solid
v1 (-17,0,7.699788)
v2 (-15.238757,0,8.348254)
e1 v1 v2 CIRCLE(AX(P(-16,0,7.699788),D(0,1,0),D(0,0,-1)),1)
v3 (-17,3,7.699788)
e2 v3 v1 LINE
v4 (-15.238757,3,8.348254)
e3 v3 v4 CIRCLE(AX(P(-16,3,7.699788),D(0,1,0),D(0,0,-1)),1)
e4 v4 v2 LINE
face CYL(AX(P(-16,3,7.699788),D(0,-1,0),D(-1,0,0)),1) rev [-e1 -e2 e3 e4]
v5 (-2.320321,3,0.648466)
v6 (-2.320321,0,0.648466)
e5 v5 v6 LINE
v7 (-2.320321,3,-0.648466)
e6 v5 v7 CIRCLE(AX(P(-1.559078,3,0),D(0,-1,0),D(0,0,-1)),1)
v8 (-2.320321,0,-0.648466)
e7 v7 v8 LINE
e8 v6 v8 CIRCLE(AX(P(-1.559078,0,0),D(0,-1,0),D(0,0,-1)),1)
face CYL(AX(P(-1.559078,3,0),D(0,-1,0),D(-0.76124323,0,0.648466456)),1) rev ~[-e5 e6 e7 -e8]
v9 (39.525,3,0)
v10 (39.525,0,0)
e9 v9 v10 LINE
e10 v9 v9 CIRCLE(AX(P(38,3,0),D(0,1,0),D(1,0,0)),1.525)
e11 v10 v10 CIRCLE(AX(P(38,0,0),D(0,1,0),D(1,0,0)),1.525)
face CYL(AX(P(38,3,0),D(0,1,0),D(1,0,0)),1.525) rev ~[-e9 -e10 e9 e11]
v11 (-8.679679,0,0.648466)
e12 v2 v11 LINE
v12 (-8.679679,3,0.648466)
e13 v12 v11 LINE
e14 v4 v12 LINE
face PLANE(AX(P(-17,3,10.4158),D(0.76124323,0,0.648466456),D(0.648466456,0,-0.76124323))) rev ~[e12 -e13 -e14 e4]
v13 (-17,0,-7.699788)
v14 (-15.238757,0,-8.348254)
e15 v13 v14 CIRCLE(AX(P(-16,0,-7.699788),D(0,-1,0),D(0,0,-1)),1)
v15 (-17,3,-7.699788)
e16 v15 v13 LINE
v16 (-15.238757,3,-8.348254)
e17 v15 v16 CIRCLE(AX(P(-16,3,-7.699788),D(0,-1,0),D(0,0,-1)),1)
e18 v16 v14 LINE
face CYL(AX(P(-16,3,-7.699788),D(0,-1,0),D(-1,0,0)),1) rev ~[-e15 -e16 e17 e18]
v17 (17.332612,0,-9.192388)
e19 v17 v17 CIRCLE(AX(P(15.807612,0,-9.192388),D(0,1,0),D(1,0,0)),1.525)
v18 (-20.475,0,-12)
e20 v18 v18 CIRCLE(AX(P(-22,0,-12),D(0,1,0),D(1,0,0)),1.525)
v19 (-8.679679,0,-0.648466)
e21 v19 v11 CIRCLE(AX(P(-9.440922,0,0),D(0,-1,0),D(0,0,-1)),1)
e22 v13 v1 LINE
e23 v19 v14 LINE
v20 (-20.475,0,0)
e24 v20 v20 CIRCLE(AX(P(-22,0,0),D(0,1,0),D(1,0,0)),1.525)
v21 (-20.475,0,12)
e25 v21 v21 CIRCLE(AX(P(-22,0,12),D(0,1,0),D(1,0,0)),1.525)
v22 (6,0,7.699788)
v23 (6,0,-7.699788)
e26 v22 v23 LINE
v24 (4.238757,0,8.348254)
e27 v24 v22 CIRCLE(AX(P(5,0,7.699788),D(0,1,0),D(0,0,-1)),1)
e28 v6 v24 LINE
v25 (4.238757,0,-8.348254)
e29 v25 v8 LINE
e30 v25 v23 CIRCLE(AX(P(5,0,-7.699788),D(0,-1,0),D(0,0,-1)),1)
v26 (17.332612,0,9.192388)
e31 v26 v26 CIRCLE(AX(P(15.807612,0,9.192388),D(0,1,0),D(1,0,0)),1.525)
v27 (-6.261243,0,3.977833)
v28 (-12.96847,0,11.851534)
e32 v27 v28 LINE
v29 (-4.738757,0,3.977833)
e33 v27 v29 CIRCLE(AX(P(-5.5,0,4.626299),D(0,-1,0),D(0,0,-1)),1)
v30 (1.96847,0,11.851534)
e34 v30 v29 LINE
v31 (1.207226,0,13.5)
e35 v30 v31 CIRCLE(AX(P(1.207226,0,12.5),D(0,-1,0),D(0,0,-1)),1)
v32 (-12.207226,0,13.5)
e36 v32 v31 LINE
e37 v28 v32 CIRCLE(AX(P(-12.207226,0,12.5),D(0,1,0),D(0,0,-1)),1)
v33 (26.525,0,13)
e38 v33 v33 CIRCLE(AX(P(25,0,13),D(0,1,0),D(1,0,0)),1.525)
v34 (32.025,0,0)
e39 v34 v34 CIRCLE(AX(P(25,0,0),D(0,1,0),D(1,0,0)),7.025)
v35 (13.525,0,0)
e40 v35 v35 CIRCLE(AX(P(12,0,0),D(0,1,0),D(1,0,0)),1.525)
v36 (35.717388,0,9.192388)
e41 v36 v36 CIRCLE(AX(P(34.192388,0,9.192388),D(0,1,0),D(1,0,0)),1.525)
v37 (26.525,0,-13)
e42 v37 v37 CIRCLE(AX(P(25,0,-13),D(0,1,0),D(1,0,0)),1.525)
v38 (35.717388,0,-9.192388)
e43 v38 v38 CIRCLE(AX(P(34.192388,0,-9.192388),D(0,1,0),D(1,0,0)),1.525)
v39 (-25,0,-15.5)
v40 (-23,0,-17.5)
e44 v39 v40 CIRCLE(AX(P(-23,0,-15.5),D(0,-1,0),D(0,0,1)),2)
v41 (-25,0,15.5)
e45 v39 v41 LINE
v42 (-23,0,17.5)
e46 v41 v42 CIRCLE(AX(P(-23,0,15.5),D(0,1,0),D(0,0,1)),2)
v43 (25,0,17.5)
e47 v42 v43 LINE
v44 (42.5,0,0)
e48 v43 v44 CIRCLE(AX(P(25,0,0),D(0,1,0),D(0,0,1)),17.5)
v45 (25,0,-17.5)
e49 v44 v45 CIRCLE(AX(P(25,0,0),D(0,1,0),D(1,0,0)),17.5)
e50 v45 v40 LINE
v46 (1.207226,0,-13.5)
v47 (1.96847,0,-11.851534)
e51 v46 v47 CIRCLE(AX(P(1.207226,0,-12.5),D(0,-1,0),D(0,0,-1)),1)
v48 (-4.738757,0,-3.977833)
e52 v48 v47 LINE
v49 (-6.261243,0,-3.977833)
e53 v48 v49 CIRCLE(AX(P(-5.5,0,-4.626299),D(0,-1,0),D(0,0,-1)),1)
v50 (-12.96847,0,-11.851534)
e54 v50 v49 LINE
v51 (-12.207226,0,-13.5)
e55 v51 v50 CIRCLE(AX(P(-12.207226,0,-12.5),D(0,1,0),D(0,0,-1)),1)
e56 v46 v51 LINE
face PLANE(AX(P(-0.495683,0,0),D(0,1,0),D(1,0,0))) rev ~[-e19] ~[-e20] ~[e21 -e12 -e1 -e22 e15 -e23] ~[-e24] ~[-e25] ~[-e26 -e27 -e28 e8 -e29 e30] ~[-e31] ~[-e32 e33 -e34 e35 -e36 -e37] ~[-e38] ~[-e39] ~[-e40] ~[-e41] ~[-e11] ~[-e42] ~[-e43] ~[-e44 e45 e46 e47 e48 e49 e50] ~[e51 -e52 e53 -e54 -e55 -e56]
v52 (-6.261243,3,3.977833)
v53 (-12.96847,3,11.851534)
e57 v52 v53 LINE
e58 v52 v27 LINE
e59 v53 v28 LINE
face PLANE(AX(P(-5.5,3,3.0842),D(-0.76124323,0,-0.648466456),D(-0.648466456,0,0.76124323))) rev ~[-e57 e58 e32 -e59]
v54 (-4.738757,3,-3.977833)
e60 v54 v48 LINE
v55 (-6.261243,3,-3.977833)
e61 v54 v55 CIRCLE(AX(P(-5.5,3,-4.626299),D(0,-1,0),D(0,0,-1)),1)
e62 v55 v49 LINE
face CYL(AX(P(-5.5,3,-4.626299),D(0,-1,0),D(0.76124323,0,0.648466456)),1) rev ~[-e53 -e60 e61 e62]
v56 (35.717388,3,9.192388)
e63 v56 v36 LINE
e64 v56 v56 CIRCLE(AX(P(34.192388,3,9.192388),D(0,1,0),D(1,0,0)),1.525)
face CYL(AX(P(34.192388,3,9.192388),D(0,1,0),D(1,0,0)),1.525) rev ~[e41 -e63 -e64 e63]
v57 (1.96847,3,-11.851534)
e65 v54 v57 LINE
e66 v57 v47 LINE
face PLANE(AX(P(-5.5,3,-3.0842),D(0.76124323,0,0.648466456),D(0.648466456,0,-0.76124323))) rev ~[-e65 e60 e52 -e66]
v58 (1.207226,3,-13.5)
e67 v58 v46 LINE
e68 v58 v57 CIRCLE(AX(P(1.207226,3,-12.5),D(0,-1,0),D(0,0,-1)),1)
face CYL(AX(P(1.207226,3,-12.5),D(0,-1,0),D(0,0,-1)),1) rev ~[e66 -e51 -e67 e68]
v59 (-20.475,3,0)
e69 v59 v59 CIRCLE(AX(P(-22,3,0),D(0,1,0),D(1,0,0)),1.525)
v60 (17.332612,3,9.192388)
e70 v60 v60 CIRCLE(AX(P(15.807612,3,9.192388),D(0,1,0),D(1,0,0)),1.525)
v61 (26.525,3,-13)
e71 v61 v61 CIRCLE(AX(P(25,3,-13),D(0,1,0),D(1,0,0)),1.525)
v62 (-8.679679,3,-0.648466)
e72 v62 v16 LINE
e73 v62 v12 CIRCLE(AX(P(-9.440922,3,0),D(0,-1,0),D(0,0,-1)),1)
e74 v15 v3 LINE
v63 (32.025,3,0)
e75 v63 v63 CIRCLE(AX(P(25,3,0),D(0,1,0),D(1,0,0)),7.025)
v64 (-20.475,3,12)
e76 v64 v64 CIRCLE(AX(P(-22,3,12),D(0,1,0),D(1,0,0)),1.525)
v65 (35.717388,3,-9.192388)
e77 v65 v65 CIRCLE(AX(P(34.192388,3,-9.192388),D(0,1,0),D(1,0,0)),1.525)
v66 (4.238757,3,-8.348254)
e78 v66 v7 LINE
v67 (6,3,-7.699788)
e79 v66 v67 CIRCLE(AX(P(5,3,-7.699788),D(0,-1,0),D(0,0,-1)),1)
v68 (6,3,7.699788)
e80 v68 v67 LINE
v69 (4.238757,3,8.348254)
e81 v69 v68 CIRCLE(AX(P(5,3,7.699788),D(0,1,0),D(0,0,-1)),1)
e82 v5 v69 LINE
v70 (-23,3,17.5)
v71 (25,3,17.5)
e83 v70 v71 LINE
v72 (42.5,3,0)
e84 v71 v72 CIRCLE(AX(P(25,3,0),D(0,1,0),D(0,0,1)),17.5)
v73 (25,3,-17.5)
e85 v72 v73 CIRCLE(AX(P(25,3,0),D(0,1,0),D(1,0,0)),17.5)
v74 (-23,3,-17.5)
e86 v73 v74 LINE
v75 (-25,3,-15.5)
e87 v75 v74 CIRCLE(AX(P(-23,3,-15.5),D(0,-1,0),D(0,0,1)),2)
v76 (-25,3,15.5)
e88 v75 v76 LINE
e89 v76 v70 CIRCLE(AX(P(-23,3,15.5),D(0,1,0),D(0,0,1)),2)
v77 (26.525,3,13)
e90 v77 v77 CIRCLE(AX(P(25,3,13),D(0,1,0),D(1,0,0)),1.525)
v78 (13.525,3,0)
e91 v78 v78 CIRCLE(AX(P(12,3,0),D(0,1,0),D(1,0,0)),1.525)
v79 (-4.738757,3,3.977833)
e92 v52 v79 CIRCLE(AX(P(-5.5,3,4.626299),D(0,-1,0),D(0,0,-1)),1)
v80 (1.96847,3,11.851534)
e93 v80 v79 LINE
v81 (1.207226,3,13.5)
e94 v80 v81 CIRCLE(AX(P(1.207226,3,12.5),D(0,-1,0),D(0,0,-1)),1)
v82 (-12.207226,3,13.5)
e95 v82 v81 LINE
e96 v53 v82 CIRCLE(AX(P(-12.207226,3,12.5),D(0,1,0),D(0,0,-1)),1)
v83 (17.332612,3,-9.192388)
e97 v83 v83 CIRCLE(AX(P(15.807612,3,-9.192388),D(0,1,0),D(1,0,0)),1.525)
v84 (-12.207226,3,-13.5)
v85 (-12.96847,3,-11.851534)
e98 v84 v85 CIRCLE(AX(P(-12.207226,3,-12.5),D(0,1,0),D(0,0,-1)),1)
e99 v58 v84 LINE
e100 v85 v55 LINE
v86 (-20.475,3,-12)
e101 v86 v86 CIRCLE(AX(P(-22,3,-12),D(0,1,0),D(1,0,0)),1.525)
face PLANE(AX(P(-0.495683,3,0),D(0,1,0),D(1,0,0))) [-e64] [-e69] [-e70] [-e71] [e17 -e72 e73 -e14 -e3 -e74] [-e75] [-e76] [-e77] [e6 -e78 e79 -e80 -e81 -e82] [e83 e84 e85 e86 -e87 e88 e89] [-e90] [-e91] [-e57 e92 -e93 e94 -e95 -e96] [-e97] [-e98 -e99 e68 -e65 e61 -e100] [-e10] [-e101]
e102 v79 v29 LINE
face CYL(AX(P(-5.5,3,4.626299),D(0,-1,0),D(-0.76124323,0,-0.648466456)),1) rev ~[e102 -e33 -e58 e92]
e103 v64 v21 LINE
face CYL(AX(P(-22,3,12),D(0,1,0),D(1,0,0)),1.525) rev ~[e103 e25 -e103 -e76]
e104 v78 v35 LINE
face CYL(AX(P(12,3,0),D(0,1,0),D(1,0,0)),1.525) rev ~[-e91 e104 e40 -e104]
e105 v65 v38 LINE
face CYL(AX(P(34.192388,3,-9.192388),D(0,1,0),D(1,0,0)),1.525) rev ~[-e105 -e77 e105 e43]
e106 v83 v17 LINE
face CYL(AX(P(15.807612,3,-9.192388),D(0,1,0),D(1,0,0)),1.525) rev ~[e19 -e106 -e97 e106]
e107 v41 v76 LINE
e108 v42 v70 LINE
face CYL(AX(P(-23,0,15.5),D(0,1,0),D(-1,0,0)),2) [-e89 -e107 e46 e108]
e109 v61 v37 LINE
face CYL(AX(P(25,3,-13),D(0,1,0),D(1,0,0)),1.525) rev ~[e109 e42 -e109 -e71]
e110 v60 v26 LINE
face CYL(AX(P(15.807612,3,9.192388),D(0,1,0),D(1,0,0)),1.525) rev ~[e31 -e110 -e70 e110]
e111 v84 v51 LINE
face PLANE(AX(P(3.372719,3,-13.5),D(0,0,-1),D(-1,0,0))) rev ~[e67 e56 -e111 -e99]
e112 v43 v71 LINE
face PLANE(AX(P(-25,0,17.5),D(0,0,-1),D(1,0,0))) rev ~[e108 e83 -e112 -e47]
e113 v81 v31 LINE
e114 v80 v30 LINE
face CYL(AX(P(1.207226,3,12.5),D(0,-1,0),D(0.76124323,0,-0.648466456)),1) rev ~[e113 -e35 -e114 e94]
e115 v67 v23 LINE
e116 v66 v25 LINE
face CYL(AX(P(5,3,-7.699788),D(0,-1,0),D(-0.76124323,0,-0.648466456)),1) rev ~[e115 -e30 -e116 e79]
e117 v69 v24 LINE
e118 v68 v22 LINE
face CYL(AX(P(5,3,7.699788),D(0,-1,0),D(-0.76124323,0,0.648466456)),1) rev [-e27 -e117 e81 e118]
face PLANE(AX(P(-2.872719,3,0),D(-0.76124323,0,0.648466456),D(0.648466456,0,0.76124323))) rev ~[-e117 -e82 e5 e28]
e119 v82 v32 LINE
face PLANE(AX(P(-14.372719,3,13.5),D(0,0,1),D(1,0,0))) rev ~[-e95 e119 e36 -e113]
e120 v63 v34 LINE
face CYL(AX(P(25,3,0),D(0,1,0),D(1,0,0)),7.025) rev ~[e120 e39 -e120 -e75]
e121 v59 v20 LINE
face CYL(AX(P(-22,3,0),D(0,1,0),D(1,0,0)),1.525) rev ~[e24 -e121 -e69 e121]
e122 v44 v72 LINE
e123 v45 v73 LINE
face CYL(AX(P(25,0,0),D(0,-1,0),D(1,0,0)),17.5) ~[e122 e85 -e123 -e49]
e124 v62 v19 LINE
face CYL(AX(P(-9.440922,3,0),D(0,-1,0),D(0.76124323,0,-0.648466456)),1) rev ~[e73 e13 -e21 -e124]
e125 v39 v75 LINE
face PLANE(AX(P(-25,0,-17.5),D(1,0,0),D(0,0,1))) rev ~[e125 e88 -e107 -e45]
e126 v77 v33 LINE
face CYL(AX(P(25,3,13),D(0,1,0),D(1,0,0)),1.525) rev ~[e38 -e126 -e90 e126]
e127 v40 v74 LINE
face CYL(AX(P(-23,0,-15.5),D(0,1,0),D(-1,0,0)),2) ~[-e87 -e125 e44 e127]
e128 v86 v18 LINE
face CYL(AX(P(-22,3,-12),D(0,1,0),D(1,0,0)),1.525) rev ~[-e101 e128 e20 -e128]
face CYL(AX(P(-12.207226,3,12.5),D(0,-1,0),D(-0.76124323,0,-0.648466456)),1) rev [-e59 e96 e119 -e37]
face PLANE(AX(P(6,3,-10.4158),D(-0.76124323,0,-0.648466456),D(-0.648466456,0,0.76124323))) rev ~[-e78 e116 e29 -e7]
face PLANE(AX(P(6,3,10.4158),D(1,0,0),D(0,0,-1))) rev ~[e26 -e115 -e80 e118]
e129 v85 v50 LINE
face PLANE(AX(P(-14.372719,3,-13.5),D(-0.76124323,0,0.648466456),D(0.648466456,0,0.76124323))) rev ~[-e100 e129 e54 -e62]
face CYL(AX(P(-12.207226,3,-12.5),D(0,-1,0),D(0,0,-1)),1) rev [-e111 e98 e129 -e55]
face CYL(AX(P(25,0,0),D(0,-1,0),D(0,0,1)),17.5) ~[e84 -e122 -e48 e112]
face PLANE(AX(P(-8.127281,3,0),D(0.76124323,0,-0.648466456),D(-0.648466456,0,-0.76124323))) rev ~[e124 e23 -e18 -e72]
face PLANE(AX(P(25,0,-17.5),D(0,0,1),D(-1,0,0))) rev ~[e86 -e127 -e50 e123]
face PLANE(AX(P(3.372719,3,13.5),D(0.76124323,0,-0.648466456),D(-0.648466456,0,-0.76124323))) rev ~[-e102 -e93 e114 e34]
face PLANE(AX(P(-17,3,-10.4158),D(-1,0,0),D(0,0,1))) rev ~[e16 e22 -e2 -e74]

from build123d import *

# Parameters (mm, degrees)
EXTRUDE_1_DEPTH     = 3
SKETCH_2_R          = 7.025
CUT_EXTRUDE_1_DEPTH = 4
SKETCH_4_R          = 1.525
CUT_EXTRUDE_3_DEPTH = 4
FILLET_2_R          = 2
CUT_EXTRUDE_6_DEPTH = 4
SKETCH_10_R         = 1.525
CUT_EXTRUDE_8_DEPTH = 4
FILLET_7_R          = 1


with BuildPart() as part:
    # 草图1 → 凸台-拉伸1 (new body)
    with BuildSketch(Plane(origin=(0, 0, 0), x_dir=(1, 0, 0), z_dir=(0, 1, 0))):
        with BuildLine():
            Line((-25, 17.5), (-25, -17.5))
            Line((-25, -17.5), (25, -17.5))
            ThreePointArc((25, -17.5), (7.5, 0), (25, 17.5))
            Line((25, 17.5), (-25, 17.5))
        make_face()
        with BuildLine():
            ThreePointArc((25, 17.5), (7.5, 0), (25, -17.5))
            Line((25, -17.5), (25, 17.5))
        make_face()
        with BuildLine():
            Line((25, 17.5), (25, -17.5))
            ThreePointArc((25, -17.5), (37.374368671, -12.374368671), (42.5, 0))
            ThreePointArc((42.5, 0), (37.374368671, 12.374368671), (25, 17.5))
        make_face()
    extrude(amount=EXTRUDE_1_DEPTH)

    # 草图2 → 切除-拉伸1 (cut, through all)
    with BuildSketch(Plane(origin=(0, 3, 0), x_dir=(1, 0, 0), z_dir=(0, 1, 0))):
        with Locations((25, 0)):
            Circle(SKETCH_2_R)
    extrude(amount=-CUT_EXTRUDE_1_DEPTH, mode=Mode.SUBTRACT)

    # 草图4 → 切除-拉伸3 (cut, through all)
    with BuildSketch(Plane(origin=(0, 3, 0), x_dir=(1, 0, 0), z_dir=(0, 1, 0))):
        with Locations((25, 13)):
            Circle(SKETCH_4_R)
        with Locations((34.192388155, 9.192388155)):
            Circle(SKETCH_4_R)
        with Locations((38, 0)):
            Circle(SKETCH_4_R)
        with Locations((34.192388155, -9.192388155)):
            Circle(SKETCH_4_R)
        with Locations((25, -13)):
            Circle(SKETCH_4_R)
        with Locations((15.807611845, -9.192388155)):
            Circle(SKETCH_4_R)
        with Locations((12, 0)):
            Circle(SKETCH_4_R)
        with Locations((15.807611845, 9.192388155)):
            Circle(SKETCH_4_R)
    extrude(amount=-CUT_EXTRUDE_3_DEPTH, mode=Mode.SUBTRACT)

    # 圆角2
    fillet_2_edges = [part.edges().sort_by_distance(p)[0] for p in [
        (-25, 1.5, 17.5),
        (-25, 1.5, -17.5),
    ]]
    fillet(fillet_2_edges, radius=FILLET_2_R)

    # 草图7 → 切除-拉伸6 (cut, through all)
    with BuildSketch(Plane(origin=(0, 3, 0), x_dir=(1, 0, 0), z_dir=(0, 1, 0))):
        Polygon((3.372718837, 13.5), (-14.372718837, 13.5), (-5.5, 3.084199626), align=None)
        Polygon((-2.872718837, 0), (6, -10.415800374), (6, 10.415800374), align=None)
        Polygon((-5.5, -3.084199626), (-14.372718837, -13.5), (3.372718837, -13.5), align=None)
        Polygon((-17, 10.415800374), (-17, -10.415800374), (-8.127281163, 0), align=None)
    extrude(amount=-CUT_EXTRUDE_6_DEPTH, mode=Mode.SUBTRACT)

    # 草图10 → 切除-拉伸8 (cut, through all)
    with BuildSketch(Plane(origin=(0, 3, 0), x_dir=(1, 0, 0), z_dir=(0, 1, 0))):
        with Locations((-22, 0)):
            Circle(SKETCH_10_R)
        with Locations((-22, 12)):
            Circle(SKETCH_10_R)
        with Locations((-22, -12)):
            Circle(SKETCH_10_R)
    extrude(amount=-CUT_EXTRUDE_8_DEPTH, mode=Mode.SUBTRACT)

    # 圆角7
    fillet_7_edges = [part.edges().sort_by_distance(p)[0] for p in [
        (-17, 1.5, 10.415800374),
        (-17, 1.5, -10.415800374),
        (-8.127281163, 1.5, 0),
        (-5.5, 1.5, -3.084199626),
        (-14.372718837, 1.5, -13.5),
        (3.372718837, 1.5, -13.5),
        (-14.372718837, 1.5, 13.5),
        (-5.5, 1.5, 3.084199626),
        (3.372718837, 1.5, 13.5),
        (-2.872718837, 1.5, 0),
        (6, 1.5, -10.415800374),
        (6, 1.5, 10.415800374),
    ]]
    fillet(fillet_7_edges, radius=FILLET_7_R)


solid = part.part
